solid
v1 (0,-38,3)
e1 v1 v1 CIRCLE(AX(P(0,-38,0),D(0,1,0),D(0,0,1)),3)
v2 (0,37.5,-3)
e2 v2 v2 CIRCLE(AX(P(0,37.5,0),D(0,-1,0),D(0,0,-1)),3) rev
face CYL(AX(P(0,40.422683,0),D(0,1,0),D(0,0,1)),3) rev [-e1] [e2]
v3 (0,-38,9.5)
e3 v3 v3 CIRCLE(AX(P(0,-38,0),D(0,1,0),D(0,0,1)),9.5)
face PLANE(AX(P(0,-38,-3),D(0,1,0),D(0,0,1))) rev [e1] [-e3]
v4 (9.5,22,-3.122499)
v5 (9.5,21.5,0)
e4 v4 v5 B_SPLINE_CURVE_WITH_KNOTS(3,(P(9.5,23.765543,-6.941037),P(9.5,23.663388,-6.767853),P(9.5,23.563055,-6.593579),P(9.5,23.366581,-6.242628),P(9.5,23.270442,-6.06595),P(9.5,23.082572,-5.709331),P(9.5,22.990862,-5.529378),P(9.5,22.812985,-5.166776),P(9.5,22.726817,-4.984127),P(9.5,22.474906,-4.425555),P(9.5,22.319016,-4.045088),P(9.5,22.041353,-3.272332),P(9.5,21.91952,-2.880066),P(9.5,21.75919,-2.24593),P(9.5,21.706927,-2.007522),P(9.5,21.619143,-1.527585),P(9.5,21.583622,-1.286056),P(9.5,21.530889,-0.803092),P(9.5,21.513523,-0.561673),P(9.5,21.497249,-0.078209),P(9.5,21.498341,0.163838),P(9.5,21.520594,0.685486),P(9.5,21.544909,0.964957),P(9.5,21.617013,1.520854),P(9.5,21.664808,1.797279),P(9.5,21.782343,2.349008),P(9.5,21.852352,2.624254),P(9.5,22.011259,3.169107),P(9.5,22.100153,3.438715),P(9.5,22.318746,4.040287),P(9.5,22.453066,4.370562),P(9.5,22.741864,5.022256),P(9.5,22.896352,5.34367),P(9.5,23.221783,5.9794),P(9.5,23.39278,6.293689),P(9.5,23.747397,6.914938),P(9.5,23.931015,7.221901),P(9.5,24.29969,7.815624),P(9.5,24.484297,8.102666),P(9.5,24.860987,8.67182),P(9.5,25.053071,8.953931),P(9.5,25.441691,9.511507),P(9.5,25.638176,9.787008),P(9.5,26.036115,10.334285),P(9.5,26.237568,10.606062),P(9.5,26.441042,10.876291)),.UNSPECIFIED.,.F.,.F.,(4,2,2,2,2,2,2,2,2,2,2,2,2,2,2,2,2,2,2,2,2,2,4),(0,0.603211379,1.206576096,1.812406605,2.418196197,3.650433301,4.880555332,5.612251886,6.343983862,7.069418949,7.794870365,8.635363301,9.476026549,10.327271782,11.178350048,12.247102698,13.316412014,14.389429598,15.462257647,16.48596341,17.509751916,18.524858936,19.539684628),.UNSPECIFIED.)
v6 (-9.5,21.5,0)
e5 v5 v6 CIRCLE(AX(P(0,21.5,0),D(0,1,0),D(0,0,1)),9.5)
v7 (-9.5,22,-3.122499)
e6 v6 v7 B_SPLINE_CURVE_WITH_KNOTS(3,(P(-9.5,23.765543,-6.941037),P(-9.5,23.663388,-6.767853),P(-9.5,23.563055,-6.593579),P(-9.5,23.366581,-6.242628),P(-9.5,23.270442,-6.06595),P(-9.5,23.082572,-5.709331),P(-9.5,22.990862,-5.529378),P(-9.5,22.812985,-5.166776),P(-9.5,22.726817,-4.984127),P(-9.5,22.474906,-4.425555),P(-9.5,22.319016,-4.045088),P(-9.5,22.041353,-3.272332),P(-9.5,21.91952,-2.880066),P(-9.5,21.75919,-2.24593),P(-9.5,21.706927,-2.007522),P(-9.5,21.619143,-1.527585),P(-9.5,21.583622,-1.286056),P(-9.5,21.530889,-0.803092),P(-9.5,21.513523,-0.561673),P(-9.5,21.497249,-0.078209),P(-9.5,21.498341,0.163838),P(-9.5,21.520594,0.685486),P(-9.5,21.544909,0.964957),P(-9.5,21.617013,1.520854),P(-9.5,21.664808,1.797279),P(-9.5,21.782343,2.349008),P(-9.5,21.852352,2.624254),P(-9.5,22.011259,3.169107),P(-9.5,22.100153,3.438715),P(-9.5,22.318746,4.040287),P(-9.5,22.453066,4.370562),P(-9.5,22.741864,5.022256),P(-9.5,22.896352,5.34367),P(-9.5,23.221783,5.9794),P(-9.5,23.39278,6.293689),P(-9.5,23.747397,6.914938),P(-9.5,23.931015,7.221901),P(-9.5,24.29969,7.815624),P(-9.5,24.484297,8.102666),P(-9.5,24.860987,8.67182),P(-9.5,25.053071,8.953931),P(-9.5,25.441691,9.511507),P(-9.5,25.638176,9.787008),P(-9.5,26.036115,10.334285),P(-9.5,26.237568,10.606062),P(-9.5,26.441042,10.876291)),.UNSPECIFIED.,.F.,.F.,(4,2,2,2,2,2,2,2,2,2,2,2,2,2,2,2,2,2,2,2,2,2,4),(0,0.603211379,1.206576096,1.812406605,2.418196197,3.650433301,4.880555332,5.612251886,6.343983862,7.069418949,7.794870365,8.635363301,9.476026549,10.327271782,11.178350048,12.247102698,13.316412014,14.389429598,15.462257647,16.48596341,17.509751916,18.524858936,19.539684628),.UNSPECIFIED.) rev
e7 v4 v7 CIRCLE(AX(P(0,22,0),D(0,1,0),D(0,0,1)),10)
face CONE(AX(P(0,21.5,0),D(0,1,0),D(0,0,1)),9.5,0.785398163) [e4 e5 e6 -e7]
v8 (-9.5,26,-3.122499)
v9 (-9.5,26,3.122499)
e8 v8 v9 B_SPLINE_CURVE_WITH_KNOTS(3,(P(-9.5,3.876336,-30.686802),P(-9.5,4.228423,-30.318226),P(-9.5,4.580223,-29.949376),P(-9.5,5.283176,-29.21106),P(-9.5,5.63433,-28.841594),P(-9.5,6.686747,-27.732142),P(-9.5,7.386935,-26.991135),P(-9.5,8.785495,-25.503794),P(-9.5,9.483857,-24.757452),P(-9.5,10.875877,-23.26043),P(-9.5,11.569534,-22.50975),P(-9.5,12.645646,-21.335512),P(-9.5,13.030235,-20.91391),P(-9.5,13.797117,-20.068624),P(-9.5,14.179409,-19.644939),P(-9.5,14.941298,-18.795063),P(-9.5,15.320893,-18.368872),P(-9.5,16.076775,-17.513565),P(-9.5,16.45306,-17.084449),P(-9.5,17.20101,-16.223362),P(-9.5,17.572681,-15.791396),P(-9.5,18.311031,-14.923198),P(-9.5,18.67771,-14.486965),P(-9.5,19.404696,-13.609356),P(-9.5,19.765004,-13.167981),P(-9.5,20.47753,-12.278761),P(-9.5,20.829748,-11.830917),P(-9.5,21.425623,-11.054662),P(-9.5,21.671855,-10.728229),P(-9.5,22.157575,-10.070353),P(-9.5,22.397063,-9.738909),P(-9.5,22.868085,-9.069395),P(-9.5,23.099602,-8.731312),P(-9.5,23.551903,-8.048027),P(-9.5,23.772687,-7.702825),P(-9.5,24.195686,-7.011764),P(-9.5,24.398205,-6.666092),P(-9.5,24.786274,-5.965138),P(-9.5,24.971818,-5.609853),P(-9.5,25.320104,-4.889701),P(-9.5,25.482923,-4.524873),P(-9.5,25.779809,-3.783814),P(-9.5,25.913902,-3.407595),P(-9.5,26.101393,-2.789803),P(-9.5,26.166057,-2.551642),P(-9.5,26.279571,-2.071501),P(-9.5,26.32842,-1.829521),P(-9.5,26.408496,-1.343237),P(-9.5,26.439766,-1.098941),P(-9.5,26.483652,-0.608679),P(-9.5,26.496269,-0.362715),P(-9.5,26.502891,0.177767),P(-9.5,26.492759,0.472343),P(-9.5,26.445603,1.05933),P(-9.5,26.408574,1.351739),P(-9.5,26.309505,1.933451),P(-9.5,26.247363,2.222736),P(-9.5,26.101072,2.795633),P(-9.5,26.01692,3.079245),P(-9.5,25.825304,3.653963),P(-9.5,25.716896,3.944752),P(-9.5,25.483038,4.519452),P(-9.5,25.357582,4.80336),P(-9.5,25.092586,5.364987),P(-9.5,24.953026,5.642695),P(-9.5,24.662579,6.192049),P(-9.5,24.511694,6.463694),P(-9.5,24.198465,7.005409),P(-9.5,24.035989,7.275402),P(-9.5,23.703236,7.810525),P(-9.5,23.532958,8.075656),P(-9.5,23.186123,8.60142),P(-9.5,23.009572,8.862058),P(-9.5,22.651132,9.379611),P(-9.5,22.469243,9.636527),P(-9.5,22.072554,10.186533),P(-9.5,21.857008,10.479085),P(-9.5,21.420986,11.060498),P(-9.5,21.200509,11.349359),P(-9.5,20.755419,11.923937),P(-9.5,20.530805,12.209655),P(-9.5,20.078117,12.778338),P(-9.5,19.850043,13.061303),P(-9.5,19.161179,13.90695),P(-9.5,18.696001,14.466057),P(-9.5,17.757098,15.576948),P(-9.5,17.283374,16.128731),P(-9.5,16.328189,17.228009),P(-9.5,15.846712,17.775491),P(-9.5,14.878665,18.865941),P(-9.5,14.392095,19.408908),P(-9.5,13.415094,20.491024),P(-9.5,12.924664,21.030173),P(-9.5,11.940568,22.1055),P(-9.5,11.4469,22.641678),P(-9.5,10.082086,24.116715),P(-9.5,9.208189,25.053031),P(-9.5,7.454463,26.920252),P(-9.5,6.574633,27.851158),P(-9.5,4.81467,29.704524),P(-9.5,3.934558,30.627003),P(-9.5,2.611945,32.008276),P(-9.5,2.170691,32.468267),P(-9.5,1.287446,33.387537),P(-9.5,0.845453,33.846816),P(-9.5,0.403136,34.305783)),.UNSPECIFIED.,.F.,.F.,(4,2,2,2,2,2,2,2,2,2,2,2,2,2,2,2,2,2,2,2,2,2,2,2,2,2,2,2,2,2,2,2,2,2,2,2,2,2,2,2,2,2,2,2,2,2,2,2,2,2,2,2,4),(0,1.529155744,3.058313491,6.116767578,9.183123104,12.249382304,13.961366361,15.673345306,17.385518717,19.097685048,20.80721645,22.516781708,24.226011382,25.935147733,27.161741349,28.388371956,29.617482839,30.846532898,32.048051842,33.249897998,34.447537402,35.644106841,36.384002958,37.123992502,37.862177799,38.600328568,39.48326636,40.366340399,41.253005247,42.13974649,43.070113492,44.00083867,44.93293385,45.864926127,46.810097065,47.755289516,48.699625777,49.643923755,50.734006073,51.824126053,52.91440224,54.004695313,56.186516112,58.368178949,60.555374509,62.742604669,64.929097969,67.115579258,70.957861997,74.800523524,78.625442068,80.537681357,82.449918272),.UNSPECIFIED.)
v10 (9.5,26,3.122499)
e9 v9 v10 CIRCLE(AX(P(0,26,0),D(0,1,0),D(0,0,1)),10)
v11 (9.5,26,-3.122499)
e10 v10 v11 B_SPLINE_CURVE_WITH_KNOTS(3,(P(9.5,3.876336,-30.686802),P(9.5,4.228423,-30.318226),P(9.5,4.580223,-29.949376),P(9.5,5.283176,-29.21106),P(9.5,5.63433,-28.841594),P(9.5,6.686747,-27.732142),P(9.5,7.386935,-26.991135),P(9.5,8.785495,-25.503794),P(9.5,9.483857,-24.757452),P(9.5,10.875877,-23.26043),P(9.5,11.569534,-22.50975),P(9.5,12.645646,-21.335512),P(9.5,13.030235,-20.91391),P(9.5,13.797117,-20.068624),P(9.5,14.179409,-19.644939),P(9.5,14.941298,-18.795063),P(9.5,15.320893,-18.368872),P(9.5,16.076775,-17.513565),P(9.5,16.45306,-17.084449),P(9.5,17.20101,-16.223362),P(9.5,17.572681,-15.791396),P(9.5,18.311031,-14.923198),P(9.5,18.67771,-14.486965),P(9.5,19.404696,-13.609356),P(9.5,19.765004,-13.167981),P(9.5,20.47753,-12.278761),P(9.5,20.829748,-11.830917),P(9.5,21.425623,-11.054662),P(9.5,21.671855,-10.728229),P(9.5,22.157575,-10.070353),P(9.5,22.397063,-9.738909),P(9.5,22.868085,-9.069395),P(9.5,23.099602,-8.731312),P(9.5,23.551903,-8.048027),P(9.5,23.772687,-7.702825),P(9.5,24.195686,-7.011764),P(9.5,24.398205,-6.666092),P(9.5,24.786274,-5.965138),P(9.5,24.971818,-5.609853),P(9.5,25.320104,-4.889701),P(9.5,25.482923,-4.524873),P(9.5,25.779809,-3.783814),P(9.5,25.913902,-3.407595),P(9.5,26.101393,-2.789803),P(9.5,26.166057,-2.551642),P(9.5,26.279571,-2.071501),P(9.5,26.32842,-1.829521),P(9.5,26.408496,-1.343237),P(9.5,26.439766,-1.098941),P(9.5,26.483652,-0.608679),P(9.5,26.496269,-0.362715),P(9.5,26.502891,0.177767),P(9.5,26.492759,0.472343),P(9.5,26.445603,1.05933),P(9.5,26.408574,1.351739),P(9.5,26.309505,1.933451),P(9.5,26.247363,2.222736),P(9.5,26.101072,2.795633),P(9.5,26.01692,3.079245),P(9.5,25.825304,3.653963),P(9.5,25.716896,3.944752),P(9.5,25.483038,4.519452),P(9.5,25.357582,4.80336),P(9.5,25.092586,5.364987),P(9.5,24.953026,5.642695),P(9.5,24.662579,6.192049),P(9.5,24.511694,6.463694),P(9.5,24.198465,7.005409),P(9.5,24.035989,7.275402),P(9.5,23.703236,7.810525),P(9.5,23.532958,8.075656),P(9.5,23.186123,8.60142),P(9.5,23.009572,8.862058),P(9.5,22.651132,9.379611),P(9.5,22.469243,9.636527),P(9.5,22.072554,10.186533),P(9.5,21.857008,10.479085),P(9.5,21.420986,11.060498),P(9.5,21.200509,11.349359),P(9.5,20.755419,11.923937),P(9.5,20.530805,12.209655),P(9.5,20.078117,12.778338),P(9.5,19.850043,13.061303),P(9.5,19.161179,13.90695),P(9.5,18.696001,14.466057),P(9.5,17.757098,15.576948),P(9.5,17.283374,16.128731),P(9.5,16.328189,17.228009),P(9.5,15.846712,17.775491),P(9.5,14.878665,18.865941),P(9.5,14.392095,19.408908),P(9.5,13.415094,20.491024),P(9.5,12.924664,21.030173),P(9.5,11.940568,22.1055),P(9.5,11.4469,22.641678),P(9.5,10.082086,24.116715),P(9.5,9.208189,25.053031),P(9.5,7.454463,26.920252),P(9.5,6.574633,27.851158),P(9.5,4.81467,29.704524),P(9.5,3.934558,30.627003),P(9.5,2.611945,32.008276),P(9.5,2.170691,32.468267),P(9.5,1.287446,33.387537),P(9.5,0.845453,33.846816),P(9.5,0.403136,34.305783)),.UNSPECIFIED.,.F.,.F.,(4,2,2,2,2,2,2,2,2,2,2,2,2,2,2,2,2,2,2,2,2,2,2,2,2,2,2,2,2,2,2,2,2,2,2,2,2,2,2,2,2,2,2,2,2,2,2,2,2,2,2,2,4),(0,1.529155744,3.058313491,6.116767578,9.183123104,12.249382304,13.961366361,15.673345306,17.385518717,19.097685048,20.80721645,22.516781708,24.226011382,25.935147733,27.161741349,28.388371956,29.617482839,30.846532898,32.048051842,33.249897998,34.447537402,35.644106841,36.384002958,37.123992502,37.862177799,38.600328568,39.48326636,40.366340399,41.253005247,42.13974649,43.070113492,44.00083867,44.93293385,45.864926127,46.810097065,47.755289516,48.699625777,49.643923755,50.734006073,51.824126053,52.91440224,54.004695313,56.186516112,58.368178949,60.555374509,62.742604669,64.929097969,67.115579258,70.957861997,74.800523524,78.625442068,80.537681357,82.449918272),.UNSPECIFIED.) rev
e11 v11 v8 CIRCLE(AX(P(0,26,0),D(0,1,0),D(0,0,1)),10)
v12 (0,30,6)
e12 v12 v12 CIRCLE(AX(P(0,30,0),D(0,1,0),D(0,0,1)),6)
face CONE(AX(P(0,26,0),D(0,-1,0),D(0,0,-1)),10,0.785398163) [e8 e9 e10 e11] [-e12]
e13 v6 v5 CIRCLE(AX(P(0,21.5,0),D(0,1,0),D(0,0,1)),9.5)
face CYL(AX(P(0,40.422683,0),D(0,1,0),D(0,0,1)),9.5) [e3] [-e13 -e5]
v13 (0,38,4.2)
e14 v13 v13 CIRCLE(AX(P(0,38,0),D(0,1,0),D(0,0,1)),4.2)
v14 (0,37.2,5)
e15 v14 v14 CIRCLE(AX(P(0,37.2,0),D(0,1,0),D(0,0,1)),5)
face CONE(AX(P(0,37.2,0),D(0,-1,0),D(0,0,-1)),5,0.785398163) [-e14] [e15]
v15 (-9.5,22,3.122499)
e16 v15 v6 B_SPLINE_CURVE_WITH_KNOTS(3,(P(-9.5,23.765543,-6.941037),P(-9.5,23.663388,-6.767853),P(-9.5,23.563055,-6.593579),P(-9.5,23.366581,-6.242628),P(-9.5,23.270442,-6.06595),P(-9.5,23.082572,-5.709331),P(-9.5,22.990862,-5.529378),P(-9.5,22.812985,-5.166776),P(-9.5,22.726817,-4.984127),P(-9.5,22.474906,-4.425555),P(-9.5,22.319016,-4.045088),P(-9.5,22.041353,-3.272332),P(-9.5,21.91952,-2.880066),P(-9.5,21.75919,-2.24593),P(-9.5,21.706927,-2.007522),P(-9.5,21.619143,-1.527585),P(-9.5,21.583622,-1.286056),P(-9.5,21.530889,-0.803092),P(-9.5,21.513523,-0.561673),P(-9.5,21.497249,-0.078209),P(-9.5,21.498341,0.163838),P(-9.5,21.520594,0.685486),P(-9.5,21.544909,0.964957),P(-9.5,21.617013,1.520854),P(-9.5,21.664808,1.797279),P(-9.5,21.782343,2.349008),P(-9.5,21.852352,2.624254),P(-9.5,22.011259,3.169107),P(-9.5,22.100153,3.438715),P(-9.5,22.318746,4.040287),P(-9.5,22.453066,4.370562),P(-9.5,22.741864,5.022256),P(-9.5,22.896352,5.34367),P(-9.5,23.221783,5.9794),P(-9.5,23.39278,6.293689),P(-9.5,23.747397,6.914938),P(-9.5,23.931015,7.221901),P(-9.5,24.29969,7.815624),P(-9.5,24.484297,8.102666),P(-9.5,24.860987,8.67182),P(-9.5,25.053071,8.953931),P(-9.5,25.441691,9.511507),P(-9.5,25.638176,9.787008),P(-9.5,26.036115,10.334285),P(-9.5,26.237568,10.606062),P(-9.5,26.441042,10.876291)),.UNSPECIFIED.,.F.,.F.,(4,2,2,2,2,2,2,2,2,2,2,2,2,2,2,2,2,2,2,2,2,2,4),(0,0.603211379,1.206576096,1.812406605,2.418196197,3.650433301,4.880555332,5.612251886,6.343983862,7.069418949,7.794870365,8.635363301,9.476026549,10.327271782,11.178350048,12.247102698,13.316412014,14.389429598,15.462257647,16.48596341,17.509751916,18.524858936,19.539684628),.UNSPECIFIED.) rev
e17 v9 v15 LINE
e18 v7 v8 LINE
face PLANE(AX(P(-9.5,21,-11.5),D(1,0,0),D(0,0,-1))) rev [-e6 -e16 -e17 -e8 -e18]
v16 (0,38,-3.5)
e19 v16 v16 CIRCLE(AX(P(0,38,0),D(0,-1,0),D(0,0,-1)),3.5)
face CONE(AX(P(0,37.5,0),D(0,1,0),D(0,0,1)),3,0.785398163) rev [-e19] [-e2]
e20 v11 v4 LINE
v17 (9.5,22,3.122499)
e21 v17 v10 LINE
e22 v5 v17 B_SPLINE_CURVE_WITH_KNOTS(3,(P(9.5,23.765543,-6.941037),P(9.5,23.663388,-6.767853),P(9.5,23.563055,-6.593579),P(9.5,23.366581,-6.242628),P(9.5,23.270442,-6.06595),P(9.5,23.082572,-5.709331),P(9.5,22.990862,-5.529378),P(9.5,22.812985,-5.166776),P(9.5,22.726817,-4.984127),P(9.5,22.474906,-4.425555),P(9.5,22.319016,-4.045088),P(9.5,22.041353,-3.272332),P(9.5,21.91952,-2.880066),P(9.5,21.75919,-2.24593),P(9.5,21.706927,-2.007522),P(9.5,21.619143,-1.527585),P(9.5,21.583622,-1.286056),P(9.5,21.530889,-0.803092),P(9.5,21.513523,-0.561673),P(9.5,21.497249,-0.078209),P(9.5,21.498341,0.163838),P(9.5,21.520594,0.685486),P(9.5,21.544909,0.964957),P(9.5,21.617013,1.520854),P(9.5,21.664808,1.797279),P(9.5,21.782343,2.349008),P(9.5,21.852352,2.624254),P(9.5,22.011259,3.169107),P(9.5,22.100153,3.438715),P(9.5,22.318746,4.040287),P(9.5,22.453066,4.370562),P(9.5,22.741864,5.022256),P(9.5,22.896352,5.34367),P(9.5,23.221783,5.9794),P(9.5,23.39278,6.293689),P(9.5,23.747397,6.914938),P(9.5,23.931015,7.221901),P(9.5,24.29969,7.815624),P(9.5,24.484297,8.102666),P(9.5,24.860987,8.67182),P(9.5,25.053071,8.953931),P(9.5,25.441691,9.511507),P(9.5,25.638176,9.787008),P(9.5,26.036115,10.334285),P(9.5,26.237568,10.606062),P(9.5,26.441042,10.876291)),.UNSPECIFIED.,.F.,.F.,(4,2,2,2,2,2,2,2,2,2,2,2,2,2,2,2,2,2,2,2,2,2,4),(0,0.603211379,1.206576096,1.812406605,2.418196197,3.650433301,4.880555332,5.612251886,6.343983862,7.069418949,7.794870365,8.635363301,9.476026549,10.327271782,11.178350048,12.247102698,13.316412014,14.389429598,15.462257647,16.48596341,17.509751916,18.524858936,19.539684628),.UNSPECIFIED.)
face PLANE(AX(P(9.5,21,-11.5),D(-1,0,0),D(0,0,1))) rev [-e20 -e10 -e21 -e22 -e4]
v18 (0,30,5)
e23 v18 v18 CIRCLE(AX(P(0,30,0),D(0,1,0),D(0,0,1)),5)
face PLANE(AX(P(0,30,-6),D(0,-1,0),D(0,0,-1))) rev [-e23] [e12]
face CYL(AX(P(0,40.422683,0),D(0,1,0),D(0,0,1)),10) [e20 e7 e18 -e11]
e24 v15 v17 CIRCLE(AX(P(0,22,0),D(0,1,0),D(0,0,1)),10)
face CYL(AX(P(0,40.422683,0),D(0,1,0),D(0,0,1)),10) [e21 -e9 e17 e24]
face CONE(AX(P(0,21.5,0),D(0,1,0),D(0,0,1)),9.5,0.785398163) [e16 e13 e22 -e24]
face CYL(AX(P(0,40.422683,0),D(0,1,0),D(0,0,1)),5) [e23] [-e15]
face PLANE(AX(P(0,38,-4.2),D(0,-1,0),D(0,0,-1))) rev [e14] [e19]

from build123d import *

# Parameters (mm, degrees)
SKIZZE3_W                       = 5
SKIZZE3_H                       = 23
SCHNITT_LINEAR_AUSTRAGEN1_DEPTH = 9
FASE1_SIZE                      = 0.5


with BuildPart() as part:
    # Skizze2 → Rotation1 (revolve)
    with BuildSketch(Plane(origin=(0, 0, 0), x_dir=(0, 0, -1), z_dir=(1, 0, 0)), mode=Mode.PRIVATE) as rotation1_sk:
        Polygon((3, 38), (3, -38), (9.5, -38), (9.5, 21.5), (10, 22), (10, 26), (6, 30), (5, 30), (5, 37.2), (4.2, 38), align=None)
    revolve(rotation1_sk.sketch.rotate(Axis((0, 40.422682589, 0), (0, -1, 0)), 180), axis=Axis((0, 40.422682589, 0), (0, -1, 0)))

    # Skizze3 → Schnitt-Linear austragen1 (cut)
    with BuildSketch(Plane(origin=(0, 30, 0), x_dir=(1, 0, 0), z_dir=(0, 1, 0))):
        with Locations((12, 0)):
            Rectangle(SKIZZE3_W, SKIZZE3_H)
        with Locations((-12, 0)):
            Rectangle(SKIZZE3_W, SKIZZE3_H)
    extrude(amount=-SCHNITT_LINEAR_AUSTRAGEN1_DEPTH, mode=Mode.SUBTRACT)

    # Fase1
    fase1_edges = [part.edges().sort_by_distance(p)[0] for p in [
        (0, 38, -3),
    ]]
    chamfer(fase1_edges, length=FASE1_SIZE)


solid = part.part
